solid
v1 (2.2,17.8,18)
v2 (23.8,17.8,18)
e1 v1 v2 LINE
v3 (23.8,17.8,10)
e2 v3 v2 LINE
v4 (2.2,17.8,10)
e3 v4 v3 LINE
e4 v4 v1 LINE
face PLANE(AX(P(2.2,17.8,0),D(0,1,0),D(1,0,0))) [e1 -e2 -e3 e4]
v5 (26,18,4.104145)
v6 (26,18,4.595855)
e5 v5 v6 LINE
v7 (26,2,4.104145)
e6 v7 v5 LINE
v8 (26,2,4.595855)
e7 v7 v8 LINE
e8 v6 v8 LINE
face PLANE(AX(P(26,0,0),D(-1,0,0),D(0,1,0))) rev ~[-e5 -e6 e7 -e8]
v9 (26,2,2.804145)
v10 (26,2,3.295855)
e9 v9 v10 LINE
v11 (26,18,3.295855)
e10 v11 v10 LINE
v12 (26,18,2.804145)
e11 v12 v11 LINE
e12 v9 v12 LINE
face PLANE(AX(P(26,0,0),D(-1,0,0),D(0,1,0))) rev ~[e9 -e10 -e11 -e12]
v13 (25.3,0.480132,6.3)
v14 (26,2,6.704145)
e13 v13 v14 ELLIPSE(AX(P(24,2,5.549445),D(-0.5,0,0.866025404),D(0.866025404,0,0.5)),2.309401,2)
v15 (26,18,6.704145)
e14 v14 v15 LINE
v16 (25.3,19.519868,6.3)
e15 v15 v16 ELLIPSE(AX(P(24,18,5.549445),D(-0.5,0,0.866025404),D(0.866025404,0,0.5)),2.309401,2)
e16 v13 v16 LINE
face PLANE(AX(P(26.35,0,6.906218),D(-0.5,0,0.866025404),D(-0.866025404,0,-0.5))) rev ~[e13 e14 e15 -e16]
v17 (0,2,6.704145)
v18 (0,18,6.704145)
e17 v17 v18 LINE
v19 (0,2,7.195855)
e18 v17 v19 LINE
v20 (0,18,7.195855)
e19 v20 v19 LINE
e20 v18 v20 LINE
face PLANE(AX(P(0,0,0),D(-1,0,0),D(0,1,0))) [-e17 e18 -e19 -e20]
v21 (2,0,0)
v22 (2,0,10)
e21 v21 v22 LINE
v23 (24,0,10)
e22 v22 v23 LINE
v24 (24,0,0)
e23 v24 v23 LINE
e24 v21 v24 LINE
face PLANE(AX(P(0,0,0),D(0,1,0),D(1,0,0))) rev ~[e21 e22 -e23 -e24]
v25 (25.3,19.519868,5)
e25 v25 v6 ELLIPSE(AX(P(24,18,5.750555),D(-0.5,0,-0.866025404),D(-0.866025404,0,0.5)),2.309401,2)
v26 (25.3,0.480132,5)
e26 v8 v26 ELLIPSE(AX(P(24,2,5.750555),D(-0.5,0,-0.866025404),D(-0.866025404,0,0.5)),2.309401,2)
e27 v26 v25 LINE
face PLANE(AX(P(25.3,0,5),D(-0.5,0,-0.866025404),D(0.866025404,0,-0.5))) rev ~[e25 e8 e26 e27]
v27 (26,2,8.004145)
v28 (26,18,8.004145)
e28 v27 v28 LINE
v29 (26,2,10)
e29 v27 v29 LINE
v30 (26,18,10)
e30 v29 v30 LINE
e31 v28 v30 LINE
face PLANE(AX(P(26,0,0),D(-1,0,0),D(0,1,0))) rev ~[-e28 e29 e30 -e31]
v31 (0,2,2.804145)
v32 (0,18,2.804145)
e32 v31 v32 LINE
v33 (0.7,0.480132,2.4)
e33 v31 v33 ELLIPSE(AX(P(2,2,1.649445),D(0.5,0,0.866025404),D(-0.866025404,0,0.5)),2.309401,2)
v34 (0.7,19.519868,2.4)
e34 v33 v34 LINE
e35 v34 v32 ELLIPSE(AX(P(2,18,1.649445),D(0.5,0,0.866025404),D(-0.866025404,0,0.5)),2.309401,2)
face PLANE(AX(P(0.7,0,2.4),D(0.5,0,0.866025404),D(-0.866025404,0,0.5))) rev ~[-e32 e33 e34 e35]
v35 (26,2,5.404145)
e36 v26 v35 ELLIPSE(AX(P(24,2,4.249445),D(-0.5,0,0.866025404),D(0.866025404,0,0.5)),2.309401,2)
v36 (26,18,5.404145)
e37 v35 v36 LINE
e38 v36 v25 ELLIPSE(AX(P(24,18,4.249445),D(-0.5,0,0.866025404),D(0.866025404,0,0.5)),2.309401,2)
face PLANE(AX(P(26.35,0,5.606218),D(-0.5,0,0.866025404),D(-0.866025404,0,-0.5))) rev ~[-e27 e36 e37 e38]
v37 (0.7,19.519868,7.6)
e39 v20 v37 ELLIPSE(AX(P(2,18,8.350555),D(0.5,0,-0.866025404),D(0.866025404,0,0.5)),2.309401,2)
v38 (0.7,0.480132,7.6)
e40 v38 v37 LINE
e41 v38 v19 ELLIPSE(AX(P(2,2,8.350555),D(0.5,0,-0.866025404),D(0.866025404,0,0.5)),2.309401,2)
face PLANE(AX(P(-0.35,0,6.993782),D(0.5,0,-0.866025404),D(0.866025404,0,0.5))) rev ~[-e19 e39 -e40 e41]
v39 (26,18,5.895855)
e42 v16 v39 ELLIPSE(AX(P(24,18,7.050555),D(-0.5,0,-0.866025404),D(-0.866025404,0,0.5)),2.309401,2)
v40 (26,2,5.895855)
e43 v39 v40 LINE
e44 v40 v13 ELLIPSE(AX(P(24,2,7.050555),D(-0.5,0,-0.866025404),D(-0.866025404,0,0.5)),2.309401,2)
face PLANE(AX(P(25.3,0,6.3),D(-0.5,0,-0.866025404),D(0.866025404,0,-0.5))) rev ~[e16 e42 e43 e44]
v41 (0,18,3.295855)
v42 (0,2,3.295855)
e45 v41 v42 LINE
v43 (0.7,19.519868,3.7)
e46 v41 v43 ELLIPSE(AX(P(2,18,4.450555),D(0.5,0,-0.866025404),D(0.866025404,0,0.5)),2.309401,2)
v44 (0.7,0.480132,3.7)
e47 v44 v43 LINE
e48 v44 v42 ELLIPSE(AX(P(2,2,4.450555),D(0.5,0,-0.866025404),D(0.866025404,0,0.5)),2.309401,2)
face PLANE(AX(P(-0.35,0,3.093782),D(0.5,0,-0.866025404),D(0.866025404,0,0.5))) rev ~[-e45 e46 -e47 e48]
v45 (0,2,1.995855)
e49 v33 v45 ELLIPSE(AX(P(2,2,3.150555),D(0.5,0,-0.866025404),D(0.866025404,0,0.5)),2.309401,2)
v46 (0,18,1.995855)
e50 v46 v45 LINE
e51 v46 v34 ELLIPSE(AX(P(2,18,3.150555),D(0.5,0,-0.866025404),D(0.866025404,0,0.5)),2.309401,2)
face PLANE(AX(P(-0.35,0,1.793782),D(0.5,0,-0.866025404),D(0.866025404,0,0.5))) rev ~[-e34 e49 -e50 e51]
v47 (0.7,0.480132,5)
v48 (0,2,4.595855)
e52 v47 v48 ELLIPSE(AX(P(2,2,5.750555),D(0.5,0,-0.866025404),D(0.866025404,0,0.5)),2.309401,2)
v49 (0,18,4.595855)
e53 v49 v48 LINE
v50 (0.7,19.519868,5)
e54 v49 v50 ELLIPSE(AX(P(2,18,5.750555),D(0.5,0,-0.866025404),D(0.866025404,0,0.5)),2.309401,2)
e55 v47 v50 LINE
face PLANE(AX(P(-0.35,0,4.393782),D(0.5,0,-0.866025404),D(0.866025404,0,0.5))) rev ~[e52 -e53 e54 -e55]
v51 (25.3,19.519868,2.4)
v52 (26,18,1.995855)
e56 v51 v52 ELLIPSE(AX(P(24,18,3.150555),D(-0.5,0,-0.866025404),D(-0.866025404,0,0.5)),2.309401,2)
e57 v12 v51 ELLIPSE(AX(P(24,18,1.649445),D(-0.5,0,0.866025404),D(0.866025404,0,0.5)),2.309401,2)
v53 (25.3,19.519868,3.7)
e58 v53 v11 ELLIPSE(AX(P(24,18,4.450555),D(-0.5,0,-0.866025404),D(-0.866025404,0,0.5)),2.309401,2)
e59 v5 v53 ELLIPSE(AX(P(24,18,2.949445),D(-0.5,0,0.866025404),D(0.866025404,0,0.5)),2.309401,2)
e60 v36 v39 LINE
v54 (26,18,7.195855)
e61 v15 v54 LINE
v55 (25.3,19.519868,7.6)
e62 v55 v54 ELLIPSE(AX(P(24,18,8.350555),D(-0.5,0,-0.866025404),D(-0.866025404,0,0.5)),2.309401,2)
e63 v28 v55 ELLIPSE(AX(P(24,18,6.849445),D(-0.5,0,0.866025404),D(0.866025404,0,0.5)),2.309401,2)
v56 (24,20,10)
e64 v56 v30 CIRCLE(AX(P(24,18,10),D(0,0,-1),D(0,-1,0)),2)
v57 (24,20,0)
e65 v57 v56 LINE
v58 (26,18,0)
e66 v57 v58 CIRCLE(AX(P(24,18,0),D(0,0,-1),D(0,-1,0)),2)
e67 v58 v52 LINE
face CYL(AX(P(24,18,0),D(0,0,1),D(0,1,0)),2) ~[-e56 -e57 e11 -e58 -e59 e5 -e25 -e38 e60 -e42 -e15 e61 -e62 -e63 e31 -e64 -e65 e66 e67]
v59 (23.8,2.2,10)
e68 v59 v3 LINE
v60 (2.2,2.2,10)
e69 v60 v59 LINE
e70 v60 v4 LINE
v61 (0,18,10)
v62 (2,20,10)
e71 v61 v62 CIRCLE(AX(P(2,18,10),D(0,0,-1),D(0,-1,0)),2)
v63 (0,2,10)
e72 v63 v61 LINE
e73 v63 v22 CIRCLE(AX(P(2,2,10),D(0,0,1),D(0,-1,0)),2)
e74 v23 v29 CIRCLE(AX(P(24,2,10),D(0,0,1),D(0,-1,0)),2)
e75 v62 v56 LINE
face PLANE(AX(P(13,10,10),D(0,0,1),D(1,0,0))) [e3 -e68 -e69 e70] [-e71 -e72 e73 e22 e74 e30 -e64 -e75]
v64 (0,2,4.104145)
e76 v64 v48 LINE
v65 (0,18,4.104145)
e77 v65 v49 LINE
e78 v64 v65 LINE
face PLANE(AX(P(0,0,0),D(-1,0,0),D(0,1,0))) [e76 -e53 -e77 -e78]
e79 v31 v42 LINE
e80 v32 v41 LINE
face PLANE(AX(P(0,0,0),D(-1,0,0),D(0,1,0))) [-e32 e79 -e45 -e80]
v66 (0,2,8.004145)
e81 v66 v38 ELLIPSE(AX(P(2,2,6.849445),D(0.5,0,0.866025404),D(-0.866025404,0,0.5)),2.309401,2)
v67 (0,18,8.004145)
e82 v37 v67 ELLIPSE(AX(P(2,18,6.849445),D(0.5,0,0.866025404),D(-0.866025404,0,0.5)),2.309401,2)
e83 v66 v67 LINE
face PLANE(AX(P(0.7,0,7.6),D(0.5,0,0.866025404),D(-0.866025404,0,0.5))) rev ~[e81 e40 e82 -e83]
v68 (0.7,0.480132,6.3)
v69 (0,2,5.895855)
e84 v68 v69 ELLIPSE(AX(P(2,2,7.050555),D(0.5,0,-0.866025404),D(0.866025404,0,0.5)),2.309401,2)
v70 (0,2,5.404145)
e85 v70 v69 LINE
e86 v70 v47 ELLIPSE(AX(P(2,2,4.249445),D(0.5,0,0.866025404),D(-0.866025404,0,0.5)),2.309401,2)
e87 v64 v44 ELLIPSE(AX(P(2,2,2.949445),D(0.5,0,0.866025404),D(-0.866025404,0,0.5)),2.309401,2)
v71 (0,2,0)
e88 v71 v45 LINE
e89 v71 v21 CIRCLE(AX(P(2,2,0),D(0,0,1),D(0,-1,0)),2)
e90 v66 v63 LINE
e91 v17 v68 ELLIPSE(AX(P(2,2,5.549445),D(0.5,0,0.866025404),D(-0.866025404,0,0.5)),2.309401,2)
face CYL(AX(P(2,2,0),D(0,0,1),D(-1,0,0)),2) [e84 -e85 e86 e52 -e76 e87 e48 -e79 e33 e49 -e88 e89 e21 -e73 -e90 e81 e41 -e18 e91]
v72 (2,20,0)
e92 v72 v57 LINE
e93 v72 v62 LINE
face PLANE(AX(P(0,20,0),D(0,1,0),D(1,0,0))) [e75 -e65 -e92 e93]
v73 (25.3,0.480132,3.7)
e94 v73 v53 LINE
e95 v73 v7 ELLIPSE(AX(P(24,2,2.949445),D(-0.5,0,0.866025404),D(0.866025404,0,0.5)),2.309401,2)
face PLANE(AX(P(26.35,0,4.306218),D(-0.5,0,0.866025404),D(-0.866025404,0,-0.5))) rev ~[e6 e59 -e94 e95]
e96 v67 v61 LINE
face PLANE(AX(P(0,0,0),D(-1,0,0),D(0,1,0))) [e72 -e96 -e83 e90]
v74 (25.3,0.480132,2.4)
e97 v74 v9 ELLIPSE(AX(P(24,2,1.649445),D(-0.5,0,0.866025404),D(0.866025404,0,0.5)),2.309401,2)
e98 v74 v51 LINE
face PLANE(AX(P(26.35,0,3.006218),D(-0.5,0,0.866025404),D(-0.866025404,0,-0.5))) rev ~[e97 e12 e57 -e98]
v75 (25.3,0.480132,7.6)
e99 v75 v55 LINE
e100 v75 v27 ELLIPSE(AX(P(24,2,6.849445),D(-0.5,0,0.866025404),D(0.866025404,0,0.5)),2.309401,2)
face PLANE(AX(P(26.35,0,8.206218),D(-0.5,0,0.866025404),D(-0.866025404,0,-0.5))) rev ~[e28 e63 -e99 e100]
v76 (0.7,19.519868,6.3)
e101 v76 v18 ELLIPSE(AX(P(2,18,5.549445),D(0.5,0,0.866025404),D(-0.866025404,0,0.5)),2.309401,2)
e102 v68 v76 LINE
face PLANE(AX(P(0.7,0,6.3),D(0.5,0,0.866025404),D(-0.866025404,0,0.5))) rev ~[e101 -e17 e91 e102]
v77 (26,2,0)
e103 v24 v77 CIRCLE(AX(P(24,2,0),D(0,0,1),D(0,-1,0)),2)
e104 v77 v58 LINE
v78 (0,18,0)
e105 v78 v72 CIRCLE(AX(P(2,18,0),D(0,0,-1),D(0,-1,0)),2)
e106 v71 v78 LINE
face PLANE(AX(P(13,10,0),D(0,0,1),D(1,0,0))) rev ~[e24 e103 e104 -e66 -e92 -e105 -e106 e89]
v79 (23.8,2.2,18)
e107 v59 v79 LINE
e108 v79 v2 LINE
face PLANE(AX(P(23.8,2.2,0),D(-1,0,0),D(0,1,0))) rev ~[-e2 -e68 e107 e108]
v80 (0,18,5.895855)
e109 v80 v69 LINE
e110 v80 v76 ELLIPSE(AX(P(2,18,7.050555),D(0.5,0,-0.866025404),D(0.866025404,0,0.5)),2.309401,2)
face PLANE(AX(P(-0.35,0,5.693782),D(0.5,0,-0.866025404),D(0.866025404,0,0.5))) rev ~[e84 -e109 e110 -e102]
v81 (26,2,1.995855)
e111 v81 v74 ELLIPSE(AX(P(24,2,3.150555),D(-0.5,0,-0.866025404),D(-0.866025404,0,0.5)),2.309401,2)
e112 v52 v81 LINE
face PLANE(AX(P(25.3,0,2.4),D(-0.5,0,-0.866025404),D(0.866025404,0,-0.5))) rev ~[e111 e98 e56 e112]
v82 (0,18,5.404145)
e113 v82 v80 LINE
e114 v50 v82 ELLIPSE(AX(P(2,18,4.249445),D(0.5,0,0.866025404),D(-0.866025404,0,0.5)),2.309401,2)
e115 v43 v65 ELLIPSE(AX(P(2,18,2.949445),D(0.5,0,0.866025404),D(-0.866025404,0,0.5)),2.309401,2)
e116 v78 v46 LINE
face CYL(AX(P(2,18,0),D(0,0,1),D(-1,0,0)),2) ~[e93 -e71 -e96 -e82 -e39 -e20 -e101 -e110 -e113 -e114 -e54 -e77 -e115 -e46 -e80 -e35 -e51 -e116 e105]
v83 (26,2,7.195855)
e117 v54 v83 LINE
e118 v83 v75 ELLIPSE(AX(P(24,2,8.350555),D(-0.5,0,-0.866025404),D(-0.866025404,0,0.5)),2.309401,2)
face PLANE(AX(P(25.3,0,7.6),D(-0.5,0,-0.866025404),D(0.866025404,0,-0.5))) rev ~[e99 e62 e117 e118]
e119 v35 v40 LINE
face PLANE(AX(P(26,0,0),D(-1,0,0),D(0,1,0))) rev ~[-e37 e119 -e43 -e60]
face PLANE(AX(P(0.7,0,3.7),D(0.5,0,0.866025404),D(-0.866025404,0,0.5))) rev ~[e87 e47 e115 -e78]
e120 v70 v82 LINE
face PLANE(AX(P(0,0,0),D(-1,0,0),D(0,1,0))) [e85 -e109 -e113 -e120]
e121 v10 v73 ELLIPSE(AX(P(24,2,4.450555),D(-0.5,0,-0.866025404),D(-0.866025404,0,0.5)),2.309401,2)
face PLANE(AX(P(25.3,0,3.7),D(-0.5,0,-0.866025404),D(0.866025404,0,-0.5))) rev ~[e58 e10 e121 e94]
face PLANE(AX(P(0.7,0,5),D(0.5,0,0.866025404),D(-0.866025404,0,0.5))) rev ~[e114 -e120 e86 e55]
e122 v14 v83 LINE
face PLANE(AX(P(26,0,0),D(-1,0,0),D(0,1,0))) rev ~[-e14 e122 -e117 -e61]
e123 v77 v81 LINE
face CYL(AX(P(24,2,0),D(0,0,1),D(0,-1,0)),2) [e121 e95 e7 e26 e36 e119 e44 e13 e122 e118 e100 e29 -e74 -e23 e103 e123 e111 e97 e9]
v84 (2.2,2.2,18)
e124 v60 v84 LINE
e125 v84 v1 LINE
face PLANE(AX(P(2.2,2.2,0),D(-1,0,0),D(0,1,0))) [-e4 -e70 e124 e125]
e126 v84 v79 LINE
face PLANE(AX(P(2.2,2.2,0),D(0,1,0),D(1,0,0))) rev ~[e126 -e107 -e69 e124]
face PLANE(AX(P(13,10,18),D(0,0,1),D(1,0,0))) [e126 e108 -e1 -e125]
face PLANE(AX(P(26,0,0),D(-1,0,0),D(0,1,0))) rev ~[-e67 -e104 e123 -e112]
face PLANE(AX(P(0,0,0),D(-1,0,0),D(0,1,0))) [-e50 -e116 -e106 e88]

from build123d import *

# Parameters (mm, degrees)
F0_W     = 26
F0_H     = 20
F0_W_2   = 21.6
F0_H_2   = 15.6
F1_DEPTH = 10
F2_DEPTH = 18
F3_R     = 2
F5_DEPTH = 20


with BuildPart() as f1:
    # F0 (on Top) → F1 (new body)
    with BuildSketch(Plane.XY):
        with Locations((13, 10)):
            Rectangle(F0_W, F0_H)
        with Locations((13, 10)):
            Rectangle(F0_W_2, F0_H_2, mode=Mode.SUBTRACT)
    extrude(amount=F1_DEPTH)

    # F0 (on Top) → F2 (join)
    with BuildSketch(Plane.XY):
        with Locations((13, 10)):
            Rectangle(F0_W_2, F0_H_2)
    extrude(amount=F2_DEPTH)

    # F3
    f3_edges = [f1.edges().sort_by_distance(p)[0] for p in [
        (26, 0, 5),
        (26, 20, 5),
        (0, 20, 5),
        (0, 0, 5),
    ]]
    fillet(f3_edges, radius=F3_R)

    # F4 (on face) → F5 (cut, through all)
    with BuildSketch(Plane.XZ):
        Polygon((26, 1.9958548116), (26, 2.8041451884), (25.3, 2.4), align=None)
        Polygon((26, 3.2958548116), (26, 4.1041451884), (25.3, 3.7), align=None)
        Polygon((26.35, 3.0062177826), (26, 2.8041451884), (26, 1.9958548116), (26.35, 1.7937822174), align=None)
        Polygon((26.35, 4.3062177826), (26, 4.1041451884), (26, 3.2958548116), (26.35, 3.0937822174), align=None)
        Polygon((26.35, 5.6062177826), (26, 5.4041451884), (26, 4.5958548116), (26.35, 4.3937822174), align=None)
        Polygon((26, 4.5958548116), (26, 5.4041451884), (25.3, 5), align=None)
        Polygon((26.35, 6.9062177826), (26, 6.7041451884), (26, 5.8958548116), (26.35, 5.6937822174), align=None)
        Polygon((26, 5.8958548116), (26, 6.7041451884), (25.3, 6.3), align=None)
        Polygon((26, 7.1958548116), (26, 8.0041451884), (25.3, 7.6), align=None)
        Polygon((26.35, 8.2062177826), (26, 8.0041451884), (26, 7.1958548116), (26.35, 6.9937822174), align=None)
        Polygon((0, 8.0041451884), (0, 7.1958548116), (0.7, 7.6), align=None)
        Polygon((0, 6.7041451884), (0, 5.8958548116), (0.7, 6.3), align=None)
        Polygon((0, 5.4041451884), (0, 4.5958548116), (0.7, 5), align=None)
        Polygon((0, 4.1041451884), (0, 3.2958548116), (0.7, 3.7), align=None)
        Polygon((-0.35, 6.9937822174), (0, 7.1958548116), (0, 8.0041451884), (-0.35, 8.2062177826), align=None)
        Polygon((-0.35, 5.6937822174), (0, 5.8958548116), (0, 6.7041451884), (-0.35, 6.9062177826), align=None)
        Polygon((0, 2.8041451884), (0, 1.9958548116), (0.7, 2.4), align=None)
        Polygon((-0.35, 4.3937822174), (0, 4.5958548116), (0, 5.4041451884), (-0.35, 5.6062177826), align=None)
        Polygon((-0.35, 3.0937822174), (0, 3.2958548116), (0, 4.1041451884), (-0.35, 4.3062177826), align=None)
        Polygon((-0.35, 1.7937822174), (0, 1.9958548116), (0, 2.8041451884), (-0.35, 3.0062177826), align=None)
    extrude(amount=-F5_DEPTH, mode=Mode.SUBTRACT)


solid = f1.part
